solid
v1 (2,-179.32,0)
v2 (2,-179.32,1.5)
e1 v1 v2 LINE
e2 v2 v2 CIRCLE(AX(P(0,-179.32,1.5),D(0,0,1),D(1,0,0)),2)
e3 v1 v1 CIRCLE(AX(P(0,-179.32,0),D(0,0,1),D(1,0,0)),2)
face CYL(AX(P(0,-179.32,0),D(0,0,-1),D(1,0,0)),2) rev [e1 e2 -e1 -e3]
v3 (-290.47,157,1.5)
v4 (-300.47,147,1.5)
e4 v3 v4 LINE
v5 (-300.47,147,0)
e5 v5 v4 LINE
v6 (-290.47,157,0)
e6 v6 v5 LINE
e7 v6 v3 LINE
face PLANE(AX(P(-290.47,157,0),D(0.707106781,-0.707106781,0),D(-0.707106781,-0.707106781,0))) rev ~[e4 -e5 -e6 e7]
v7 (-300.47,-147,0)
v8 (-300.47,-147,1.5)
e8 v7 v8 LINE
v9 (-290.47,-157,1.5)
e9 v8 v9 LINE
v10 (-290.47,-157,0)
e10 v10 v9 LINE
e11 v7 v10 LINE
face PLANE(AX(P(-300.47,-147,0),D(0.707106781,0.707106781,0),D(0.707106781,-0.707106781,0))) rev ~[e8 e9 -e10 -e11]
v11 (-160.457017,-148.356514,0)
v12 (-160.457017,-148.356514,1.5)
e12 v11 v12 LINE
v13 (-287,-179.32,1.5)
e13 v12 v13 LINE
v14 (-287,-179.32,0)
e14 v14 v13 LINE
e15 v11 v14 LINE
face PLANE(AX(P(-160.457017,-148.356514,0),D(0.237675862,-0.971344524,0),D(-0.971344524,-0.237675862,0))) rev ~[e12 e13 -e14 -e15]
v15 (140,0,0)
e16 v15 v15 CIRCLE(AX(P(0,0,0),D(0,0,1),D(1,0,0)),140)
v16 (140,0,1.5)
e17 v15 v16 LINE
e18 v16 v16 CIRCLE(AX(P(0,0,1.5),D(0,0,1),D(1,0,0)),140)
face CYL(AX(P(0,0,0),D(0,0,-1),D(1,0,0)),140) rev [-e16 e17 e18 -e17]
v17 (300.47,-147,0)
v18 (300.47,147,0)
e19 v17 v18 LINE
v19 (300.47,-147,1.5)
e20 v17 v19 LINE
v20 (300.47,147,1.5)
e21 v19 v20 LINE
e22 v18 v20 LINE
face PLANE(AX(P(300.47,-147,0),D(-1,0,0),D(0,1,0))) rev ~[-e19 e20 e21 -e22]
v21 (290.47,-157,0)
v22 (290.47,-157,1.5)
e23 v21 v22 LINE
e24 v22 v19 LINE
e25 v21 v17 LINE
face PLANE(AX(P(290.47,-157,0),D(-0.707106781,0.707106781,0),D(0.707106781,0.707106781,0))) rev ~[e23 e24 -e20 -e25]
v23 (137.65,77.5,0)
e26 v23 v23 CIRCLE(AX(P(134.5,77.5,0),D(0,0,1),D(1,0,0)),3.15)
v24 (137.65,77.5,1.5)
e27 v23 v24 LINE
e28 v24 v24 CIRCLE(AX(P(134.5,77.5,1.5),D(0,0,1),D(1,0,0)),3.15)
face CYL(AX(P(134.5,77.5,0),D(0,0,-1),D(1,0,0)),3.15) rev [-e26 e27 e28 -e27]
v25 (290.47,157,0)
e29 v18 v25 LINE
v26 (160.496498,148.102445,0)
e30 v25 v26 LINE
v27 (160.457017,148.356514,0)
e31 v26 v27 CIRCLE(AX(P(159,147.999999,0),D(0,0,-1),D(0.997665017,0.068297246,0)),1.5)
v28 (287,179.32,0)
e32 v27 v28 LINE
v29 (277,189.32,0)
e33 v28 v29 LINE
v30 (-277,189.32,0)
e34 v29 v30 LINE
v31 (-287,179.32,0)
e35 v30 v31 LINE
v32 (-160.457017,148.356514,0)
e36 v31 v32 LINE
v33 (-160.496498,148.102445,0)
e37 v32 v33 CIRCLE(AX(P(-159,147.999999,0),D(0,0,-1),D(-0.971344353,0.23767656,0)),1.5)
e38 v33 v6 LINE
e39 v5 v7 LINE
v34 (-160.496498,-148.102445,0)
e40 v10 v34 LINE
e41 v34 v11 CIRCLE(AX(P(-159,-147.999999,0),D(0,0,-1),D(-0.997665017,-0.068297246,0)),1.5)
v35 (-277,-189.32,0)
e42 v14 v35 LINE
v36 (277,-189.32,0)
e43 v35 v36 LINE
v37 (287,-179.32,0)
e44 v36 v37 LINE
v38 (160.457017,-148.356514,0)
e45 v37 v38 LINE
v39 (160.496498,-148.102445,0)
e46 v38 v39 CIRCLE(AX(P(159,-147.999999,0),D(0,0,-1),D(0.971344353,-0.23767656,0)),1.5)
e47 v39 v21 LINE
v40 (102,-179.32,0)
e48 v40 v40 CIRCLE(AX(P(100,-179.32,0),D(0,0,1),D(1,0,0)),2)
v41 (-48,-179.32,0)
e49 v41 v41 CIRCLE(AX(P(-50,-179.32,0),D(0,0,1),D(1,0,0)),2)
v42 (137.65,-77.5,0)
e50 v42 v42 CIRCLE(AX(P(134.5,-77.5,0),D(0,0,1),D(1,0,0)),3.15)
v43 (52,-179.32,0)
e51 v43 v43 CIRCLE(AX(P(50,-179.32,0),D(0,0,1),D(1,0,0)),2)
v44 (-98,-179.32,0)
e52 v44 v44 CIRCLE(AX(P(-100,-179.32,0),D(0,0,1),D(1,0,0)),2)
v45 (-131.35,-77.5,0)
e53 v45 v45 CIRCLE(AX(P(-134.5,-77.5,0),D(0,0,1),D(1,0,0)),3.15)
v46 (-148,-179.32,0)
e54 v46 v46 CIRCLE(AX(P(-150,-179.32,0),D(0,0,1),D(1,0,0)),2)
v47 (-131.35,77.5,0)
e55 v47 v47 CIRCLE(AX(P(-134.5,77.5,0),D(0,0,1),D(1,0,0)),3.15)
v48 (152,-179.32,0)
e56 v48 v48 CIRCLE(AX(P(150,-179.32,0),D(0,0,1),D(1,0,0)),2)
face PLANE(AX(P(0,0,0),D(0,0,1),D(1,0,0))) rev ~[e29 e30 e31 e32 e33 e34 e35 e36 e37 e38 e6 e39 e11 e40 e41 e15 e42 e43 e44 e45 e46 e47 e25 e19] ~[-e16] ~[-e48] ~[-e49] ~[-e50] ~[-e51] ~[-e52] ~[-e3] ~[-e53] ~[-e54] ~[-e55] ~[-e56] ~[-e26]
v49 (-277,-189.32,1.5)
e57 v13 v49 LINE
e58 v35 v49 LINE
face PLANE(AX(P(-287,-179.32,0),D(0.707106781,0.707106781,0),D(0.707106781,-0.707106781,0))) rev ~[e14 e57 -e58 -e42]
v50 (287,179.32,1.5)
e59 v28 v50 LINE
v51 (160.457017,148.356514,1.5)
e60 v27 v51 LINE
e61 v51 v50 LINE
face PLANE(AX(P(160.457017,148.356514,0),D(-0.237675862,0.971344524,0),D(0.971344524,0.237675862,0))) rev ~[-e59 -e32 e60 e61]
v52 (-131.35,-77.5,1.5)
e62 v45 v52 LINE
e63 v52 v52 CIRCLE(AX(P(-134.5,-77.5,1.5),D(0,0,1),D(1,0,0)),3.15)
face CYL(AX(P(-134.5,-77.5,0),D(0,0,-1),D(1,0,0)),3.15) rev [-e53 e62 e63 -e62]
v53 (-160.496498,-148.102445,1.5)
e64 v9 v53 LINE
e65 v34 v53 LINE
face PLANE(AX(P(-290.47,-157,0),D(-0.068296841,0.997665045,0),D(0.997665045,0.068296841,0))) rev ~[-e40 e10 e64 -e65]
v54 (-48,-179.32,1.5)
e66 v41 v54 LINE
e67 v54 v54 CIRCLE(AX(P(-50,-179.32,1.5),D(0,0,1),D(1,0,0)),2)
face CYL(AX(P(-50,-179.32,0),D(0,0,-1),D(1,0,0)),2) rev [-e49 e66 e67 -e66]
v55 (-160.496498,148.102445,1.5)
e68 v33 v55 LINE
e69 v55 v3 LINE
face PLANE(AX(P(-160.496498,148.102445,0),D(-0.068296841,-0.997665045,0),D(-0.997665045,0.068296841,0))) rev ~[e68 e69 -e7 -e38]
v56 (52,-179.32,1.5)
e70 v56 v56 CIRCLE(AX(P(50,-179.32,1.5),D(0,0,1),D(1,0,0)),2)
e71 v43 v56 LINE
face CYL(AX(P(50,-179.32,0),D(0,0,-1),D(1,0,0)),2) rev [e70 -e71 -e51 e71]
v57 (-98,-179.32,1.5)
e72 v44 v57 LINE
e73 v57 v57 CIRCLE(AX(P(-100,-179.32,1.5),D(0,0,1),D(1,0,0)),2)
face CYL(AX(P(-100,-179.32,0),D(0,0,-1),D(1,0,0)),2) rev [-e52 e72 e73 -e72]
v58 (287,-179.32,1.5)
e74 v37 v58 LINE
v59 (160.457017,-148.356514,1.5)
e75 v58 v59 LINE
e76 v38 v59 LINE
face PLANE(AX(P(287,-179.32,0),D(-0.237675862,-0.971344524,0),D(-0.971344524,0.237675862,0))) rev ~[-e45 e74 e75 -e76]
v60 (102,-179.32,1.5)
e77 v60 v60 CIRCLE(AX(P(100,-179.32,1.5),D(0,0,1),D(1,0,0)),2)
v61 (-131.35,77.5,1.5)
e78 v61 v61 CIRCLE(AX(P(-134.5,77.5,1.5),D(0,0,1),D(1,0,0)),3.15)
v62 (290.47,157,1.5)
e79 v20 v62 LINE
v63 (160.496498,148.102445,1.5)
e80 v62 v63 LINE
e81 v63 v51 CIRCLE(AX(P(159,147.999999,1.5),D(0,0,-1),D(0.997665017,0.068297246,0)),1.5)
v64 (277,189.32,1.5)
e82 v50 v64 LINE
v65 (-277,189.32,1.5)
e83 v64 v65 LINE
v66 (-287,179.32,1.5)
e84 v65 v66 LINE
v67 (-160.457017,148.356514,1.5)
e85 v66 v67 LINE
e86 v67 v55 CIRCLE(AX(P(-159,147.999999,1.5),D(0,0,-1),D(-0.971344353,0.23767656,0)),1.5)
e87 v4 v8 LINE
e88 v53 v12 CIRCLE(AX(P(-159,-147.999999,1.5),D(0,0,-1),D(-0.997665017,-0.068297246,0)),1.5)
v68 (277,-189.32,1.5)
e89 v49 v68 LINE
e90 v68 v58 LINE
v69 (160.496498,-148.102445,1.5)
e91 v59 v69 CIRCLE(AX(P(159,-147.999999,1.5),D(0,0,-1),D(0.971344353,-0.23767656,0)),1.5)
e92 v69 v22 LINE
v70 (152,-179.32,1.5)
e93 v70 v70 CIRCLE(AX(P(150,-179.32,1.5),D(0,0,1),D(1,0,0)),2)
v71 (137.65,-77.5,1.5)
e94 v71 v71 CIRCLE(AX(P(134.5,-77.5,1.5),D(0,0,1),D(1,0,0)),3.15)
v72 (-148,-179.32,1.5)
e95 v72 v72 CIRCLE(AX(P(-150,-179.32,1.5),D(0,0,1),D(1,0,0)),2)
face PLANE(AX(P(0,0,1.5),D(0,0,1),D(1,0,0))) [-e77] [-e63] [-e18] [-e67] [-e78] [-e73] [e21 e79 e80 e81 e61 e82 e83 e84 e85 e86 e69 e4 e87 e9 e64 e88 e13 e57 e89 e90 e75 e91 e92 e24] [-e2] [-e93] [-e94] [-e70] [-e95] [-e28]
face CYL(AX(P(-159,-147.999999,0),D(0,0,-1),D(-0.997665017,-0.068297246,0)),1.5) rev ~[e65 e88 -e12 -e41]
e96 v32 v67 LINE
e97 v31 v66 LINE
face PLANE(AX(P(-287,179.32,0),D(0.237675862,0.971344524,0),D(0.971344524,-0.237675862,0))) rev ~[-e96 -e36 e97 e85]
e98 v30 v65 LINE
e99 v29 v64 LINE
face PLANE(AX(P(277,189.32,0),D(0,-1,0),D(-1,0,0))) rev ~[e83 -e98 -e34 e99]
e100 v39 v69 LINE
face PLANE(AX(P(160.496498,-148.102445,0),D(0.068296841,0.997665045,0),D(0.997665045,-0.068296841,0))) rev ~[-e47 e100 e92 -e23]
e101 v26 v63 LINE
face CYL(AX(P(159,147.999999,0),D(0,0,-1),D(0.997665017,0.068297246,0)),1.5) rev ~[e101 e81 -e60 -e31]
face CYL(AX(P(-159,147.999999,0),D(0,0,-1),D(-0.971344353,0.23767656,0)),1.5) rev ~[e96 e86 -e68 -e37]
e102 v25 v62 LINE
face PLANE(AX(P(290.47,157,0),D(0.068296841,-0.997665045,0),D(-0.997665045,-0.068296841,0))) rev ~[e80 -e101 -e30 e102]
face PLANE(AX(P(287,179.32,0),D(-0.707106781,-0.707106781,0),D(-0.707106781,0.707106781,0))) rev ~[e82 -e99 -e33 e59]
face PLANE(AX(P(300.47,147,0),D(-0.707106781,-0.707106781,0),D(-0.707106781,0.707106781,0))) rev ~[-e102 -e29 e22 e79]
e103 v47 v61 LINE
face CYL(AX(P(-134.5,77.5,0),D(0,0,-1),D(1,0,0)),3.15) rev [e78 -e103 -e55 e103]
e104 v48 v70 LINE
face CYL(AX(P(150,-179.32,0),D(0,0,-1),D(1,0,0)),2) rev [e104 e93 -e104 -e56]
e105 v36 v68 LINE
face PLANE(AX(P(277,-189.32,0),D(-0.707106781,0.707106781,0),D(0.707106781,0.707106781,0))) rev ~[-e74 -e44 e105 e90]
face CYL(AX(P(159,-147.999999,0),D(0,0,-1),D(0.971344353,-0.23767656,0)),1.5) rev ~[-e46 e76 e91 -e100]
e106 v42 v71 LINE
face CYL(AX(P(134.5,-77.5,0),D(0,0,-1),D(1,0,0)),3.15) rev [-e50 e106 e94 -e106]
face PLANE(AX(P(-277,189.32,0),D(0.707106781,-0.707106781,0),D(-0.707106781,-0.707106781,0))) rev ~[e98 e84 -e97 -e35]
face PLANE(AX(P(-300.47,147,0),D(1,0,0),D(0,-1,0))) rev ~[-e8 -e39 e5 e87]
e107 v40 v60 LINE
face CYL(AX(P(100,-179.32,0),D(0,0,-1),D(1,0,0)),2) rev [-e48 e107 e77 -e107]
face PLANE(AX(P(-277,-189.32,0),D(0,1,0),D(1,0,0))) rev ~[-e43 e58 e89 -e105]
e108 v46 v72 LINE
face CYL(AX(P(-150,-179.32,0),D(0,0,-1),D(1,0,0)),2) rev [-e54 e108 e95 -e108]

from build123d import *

# Parameters (mm, degrees)
F0_R     = 2
F0_R_2   = 3.15
F0_R_3   = 140
F1_DEPTH = 1.5


with BuildPart() as f1:
    # F0 (on Top) → F1 (new body)
    with BuildSketch(Plane.XY):
        with BuildLine():
            Line((-160.457017, -148.356514), (-287, -179.32))
            Line((-287, -179.32), (-277, -189.32))
            Line((-277, -189.32), (277, -189.32))
            Line((277, -189.32), (287, -179.32))
            Line((287, -179.32), (160.457017, -148.356514))
            ThreePointArc((160.457017, -148.356514), (157.517789, -147.769673), (160.496498, -148.102445))
            Line((160.496498, -148.102445), (290.47, -157))
            Line((290.47, -157), (300.47, -147))
            Line((300.47, -147), (300.47, 147))
            Line((300.47, 147), (290.47, 157))
            Line((290.47, 157), (160.496498, 148.102445))
            ThreePointArc((160.496498, 148.102445), (157.517789, 147.769673), (160.457017, 148.356514))
            Line((160.457017, 148.356514), (287, 179.32))
            Line((287, 179.32), (277, 189.32))
            Line((277, 189.32), (-277, 189.32))
            Line((-277, 189.32), (-287, 179.32))
            Line((-287, 179.32), (-160.457017, 148.356514))
            ThreePointArc((-160.457017, 148.356514), (-157.517789, 147.769673), (-160.496498, 148.102445))
            Line((-160.496498, 148.102445), (-290.47, 157))
            Line((-290.47, 157), (-300.47, 147))
            Line((-300.47, 147), (-300.47, -147))
            Line((-300.47, -147), (-290.47, -157))
            Line((-290.47, -157), (-160.496498, -148.102445))
            ThreePointArc((-160.496498, -148.102445), (-157.517789, -147.769673), (-160.457017, -148.356514))
        make_face()
        with Locations((-150, -179.32)):
            Circle(F0_R, mode=Mode.SUBTRACT)
        with Locations((-100, -179.32)):
            Circle(F0_R, mode=Mode.SUBTRACT)
        with Locations((-50, -179.32)):
            Circle(F0_R, mode=Mode.SUBTRACT)
        with Locations((-134.5, -77.5)):
            Circle(F0_R_2, mode=Mode.SUBTRACT)
        with Locations((0, -179.32)):
            Circle(F0_R, mode=Mode.SUBTRACT)
        with Locations((50, -179.32)):
            Circle(F0_R, mode=Mode.SUBTRACT)
        with Locations((100, -179.32)):
            Circle(F0_R, mode=Mode.SUBTRACT)
        with Locations((150, -179.32)):
            Circle(F0_R, mode=Mode.SUBTRACT)
        with Locations((134.5, -77.5)):
            Circle(F0_R_2, mode=Mode.SUBTRACT)
        with Locations((-134.5, 77.5)):
            Circle(F0_R_2, mode=Mode.SUBTRACT)
        Circle(F0_R_3, mode=Mode.SUBTRACT)
        with Locations((134.5, 77.5)):
            Circle(F0_R_2, mode=Mode.SUBTRACT)
    extrude(amount=F1_DEPTH)


solid = f1.part
